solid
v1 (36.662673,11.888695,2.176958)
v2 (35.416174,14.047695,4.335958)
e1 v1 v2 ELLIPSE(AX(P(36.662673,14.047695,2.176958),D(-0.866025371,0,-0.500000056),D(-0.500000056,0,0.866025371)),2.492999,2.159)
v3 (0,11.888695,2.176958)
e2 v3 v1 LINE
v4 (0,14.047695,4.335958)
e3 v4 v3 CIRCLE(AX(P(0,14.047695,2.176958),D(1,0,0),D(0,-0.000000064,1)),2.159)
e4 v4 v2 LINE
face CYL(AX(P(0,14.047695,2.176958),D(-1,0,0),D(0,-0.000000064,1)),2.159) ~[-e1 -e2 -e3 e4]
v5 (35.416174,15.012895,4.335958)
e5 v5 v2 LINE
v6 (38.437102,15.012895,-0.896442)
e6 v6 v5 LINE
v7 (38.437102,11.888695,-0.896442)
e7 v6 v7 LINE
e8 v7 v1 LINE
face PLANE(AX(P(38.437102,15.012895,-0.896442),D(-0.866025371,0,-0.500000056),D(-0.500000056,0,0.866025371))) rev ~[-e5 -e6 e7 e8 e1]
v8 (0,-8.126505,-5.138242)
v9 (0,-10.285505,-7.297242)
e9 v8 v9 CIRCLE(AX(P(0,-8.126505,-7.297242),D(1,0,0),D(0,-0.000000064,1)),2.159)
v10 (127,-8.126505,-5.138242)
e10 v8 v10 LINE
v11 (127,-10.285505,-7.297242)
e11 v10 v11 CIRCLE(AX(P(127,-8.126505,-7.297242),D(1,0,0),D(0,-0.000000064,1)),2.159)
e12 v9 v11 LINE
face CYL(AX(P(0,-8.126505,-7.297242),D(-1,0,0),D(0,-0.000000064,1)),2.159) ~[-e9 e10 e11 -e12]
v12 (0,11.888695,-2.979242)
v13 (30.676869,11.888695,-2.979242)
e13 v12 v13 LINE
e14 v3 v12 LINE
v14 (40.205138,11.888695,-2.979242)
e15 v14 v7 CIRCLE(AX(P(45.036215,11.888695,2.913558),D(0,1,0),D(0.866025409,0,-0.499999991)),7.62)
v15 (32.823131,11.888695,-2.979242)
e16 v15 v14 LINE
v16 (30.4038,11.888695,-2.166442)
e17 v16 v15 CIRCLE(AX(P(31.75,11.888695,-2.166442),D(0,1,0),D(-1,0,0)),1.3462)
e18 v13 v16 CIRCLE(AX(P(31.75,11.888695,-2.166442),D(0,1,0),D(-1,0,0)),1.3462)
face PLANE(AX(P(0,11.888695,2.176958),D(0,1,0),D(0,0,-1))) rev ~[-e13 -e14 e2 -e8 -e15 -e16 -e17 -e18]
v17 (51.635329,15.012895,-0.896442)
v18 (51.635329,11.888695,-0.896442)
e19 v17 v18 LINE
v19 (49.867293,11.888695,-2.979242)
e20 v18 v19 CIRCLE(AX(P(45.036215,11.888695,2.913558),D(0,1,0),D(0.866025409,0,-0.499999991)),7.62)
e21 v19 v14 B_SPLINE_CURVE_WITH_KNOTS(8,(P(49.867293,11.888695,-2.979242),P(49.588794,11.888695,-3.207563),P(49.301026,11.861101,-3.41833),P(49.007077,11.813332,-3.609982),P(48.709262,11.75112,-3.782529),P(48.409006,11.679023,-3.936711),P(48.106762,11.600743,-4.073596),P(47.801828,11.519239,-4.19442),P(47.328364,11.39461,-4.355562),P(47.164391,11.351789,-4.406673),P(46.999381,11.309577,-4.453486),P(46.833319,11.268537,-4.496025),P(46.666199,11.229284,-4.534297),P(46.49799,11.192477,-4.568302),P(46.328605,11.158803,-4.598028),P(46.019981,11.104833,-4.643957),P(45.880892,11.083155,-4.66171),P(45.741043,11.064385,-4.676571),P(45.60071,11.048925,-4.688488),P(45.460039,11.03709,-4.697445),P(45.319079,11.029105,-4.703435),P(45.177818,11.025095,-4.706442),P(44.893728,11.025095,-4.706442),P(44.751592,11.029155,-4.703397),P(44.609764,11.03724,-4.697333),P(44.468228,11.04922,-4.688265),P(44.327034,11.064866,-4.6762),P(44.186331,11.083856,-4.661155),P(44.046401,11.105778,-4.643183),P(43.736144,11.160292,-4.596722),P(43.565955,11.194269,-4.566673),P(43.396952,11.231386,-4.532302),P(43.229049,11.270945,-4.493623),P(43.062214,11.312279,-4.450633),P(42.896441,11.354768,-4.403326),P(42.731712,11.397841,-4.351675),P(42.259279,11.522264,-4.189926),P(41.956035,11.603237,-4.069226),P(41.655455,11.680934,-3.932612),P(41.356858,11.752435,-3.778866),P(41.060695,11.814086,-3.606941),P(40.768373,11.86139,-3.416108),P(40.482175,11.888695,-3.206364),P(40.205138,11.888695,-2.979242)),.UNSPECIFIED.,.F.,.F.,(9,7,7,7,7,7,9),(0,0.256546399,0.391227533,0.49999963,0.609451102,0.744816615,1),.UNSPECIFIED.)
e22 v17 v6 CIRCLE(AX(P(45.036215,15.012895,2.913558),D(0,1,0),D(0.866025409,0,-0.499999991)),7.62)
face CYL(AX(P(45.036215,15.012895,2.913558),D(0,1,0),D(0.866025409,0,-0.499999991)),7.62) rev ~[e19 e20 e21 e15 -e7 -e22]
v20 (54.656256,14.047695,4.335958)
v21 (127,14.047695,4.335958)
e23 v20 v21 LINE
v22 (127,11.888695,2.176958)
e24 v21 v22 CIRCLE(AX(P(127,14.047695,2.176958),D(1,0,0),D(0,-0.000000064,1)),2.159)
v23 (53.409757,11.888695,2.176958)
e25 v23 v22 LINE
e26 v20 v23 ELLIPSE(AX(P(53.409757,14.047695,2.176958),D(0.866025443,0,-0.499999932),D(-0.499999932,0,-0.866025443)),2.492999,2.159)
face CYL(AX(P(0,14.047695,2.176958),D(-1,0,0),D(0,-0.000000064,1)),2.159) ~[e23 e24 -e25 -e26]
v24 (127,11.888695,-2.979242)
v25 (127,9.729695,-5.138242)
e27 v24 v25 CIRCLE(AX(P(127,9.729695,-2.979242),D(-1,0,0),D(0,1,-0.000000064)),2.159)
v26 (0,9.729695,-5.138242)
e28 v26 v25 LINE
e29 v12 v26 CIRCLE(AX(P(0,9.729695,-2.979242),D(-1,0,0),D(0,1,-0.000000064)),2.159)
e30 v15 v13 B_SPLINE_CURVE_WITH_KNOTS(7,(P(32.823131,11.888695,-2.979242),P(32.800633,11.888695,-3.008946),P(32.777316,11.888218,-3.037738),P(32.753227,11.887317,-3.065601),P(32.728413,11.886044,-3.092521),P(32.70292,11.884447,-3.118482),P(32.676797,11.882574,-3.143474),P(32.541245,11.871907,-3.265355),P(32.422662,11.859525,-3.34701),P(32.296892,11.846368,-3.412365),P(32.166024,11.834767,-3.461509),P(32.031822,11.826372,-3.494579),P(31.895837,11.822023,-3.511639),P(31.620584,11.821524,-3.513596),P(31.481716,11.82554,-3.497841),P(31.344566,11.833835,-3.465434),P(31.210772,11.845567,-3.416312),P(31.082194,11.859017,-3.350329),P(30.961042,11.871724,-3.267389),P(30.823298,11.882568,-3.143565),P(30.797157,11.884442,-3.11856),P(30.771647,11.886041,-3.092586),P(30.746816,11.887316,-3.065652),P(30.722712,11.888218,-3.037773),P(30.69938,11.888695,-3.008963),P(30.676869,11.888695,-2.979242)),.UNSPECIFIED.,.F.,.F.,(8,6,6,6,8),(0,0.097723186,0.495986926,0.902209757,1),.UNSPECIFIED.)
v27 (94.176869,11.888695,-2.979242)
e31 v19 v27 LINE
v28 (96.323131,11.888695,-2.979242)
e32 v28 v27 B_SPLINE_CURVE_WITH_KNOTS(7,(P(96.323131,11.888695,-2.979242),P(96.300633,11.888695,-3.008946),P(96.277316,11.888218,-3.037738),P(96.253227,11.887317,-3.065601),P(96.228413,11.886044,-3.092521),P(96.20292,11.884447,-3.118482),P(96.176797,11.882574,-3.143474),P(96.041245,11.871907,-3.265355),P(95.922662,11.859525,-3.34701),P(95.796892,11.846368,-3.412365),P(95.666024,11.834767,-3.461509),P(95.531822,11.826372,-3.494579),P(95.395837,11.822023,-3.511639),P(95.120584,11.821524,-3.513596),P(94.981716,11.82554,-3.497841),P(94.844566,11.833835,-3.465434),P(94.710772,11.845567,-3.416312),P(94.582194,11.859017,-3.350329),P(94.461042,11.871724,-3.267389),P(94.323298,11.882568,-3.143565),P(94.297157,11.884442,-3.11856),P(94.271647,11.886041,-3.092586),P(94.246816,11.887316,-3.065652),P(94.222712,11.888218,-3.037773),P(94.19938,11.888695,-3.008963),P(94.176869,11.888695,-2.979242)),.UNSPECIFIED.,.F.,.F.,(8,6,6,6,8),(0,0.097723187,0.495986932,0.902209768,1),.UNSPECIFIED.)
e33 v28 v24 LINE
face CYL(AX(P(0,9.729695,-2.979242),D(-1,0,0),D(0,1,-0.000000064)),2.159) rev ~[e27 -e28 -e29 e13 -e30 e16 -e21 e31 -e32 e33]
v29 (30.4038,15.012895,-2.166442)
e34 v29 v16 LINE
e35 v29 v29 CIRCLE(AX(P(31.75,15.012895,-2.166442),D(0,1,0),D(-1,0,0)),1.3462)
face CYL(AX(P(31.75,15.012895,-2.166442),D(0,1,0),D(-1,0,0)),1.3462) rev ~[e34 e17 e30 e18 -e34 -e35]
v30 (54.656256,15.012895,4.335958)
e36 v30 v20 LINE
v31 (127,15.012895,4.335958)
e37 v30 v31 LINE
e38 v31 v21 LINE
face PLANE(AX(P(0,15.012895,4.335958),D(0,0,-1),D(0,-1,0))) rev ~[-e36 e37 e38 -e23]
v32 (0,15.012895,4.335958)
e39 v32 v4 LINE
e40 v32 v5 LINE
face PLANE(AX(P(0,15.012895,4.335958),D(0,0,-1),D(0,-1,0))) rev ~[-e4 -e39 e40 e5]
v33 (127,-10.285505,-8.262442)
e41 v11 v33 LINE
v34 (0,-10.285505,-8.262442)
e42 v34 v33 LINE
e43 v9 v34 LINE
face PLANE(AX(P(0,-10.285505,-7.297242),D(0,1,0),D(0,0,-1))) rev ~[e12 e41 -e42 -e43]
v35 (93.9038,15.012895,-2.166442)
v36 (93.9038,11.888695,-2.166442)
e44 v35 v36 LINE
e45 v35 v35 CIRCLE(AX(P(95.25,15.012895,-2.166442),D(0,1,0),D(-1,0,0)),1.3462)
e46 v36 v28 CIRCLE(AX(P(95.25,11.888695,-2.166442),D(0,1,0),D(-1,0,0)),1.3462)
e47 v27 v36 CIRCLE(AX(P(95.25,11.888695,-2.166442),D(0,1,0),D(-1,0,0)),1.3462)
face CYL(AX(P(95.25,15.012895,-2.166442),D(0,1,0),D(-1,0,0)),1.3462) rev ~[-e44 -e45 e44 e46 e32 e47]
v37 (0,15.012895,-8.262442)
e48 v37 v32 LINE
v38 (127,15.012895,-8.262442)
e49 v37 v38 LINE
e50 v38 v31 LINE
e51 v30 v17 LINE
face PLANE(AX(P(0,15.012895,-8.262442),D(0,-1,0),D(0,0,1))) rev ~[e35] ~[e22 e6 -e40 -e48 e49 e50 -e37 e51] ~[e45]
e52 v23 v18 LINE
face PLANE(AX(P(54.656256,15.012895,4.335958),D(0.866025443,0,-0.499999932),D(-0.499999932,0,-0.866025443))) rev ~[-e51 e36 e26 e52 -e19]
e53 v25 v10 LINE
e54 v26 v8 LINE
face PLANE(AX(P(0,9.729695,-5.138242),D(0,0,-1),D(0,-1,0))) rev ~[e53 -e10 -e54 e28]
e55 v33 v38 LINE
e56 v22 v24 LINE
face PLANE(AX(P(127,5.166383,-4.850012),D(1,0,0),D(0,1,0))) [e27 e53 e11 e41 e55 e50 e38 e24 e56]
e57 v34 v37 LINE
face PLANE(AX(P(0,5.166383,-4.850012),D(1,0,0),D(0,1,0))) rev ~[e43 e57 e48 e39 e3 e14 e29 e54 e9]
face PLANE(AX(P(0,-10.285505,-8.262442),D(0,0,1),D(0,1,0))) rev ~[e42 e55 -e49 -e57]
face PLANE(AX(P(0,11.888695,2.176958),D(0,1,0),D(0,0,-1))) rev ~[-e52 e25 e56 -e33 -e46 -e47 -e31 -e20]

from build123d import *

# Parameters (mm, degrees)
F1_DEPTH = 127
F2_R     = 1.3462
F3_DEPTH = 25.2994
F5_DEPTH = 25.2994


with BuildPart() as f1:
    # F0 (on Right) → F1 (new body)
    with BuildSketch(Plane.YZ):
        with BuildLine():
            Line((-10.285505, -7.297242), (-10.285505, -8.262442))
            Line((-10.285505, -8.262442), (15.012895, -8.262442))
            Line((15.012895, -8.262442), (15.012895, 4.335958))
            Line((15.012895, 4.335958), (14.047695, 4.335958))
            ThreePointArc((14.047695, 4.335958), (12.521052, 3.703602), (11.888695, 2.176958))
            Line((11.888695, 2.176958), (11.888695, -2.979242))
            ThreePointArc((11.888695, -2.979242), (11.256339, -4.505885), (9.729695, -5.138242))
            Line((9.729695, -5.138242), (-8.126505, -5.138242))
            ThreePointArc((-8.126505, -5.138242), (-9.653148, -5.770598), (-10.285505, -7.297242))
        make_face()
    extrude(amount=F1_DEPTH)

    # F2 (on face) → F3 (cut, through all)
    with BuildSketch(Plane(origin=(0, 15.012895, 0), x_dir=(-1, 0, 0), z_dir=(0, 1, 0))):
        with Locations((-31.75, -2.166442)):
            Circle(F2_R)
        with Locations((-95.25, -2.166442)):
            Circle(F2_R)
    extrude(amount=-F3_DEPTH, mode=Mode.SUBTRACT)

    # F4 (on face) → F5 (cut, through all)
    with BuildSketch(Plane(origin=(0, 15.012895, 0), x_dir=(-1, 0, 0), z_dir=(0, 1, 0))):
        with BuildLine():
            Line((-54.656256, 4.335958), (-51.635329, -0.896442))
            ThreePointArc((-51.635329, -0.896442), (-45.036215, -4.706442), (-38.437102, -0.896442))
            Line((-38.437102, -0.896442), (-35.416174, 4.335958))
            Line((-35.416174, 4.335958), (-54.656256, 4.335958))
        make_face()
    extrude(amount=-F5_DEPTH, mode=Mode.SUBTRACT)


solid = f1.part
